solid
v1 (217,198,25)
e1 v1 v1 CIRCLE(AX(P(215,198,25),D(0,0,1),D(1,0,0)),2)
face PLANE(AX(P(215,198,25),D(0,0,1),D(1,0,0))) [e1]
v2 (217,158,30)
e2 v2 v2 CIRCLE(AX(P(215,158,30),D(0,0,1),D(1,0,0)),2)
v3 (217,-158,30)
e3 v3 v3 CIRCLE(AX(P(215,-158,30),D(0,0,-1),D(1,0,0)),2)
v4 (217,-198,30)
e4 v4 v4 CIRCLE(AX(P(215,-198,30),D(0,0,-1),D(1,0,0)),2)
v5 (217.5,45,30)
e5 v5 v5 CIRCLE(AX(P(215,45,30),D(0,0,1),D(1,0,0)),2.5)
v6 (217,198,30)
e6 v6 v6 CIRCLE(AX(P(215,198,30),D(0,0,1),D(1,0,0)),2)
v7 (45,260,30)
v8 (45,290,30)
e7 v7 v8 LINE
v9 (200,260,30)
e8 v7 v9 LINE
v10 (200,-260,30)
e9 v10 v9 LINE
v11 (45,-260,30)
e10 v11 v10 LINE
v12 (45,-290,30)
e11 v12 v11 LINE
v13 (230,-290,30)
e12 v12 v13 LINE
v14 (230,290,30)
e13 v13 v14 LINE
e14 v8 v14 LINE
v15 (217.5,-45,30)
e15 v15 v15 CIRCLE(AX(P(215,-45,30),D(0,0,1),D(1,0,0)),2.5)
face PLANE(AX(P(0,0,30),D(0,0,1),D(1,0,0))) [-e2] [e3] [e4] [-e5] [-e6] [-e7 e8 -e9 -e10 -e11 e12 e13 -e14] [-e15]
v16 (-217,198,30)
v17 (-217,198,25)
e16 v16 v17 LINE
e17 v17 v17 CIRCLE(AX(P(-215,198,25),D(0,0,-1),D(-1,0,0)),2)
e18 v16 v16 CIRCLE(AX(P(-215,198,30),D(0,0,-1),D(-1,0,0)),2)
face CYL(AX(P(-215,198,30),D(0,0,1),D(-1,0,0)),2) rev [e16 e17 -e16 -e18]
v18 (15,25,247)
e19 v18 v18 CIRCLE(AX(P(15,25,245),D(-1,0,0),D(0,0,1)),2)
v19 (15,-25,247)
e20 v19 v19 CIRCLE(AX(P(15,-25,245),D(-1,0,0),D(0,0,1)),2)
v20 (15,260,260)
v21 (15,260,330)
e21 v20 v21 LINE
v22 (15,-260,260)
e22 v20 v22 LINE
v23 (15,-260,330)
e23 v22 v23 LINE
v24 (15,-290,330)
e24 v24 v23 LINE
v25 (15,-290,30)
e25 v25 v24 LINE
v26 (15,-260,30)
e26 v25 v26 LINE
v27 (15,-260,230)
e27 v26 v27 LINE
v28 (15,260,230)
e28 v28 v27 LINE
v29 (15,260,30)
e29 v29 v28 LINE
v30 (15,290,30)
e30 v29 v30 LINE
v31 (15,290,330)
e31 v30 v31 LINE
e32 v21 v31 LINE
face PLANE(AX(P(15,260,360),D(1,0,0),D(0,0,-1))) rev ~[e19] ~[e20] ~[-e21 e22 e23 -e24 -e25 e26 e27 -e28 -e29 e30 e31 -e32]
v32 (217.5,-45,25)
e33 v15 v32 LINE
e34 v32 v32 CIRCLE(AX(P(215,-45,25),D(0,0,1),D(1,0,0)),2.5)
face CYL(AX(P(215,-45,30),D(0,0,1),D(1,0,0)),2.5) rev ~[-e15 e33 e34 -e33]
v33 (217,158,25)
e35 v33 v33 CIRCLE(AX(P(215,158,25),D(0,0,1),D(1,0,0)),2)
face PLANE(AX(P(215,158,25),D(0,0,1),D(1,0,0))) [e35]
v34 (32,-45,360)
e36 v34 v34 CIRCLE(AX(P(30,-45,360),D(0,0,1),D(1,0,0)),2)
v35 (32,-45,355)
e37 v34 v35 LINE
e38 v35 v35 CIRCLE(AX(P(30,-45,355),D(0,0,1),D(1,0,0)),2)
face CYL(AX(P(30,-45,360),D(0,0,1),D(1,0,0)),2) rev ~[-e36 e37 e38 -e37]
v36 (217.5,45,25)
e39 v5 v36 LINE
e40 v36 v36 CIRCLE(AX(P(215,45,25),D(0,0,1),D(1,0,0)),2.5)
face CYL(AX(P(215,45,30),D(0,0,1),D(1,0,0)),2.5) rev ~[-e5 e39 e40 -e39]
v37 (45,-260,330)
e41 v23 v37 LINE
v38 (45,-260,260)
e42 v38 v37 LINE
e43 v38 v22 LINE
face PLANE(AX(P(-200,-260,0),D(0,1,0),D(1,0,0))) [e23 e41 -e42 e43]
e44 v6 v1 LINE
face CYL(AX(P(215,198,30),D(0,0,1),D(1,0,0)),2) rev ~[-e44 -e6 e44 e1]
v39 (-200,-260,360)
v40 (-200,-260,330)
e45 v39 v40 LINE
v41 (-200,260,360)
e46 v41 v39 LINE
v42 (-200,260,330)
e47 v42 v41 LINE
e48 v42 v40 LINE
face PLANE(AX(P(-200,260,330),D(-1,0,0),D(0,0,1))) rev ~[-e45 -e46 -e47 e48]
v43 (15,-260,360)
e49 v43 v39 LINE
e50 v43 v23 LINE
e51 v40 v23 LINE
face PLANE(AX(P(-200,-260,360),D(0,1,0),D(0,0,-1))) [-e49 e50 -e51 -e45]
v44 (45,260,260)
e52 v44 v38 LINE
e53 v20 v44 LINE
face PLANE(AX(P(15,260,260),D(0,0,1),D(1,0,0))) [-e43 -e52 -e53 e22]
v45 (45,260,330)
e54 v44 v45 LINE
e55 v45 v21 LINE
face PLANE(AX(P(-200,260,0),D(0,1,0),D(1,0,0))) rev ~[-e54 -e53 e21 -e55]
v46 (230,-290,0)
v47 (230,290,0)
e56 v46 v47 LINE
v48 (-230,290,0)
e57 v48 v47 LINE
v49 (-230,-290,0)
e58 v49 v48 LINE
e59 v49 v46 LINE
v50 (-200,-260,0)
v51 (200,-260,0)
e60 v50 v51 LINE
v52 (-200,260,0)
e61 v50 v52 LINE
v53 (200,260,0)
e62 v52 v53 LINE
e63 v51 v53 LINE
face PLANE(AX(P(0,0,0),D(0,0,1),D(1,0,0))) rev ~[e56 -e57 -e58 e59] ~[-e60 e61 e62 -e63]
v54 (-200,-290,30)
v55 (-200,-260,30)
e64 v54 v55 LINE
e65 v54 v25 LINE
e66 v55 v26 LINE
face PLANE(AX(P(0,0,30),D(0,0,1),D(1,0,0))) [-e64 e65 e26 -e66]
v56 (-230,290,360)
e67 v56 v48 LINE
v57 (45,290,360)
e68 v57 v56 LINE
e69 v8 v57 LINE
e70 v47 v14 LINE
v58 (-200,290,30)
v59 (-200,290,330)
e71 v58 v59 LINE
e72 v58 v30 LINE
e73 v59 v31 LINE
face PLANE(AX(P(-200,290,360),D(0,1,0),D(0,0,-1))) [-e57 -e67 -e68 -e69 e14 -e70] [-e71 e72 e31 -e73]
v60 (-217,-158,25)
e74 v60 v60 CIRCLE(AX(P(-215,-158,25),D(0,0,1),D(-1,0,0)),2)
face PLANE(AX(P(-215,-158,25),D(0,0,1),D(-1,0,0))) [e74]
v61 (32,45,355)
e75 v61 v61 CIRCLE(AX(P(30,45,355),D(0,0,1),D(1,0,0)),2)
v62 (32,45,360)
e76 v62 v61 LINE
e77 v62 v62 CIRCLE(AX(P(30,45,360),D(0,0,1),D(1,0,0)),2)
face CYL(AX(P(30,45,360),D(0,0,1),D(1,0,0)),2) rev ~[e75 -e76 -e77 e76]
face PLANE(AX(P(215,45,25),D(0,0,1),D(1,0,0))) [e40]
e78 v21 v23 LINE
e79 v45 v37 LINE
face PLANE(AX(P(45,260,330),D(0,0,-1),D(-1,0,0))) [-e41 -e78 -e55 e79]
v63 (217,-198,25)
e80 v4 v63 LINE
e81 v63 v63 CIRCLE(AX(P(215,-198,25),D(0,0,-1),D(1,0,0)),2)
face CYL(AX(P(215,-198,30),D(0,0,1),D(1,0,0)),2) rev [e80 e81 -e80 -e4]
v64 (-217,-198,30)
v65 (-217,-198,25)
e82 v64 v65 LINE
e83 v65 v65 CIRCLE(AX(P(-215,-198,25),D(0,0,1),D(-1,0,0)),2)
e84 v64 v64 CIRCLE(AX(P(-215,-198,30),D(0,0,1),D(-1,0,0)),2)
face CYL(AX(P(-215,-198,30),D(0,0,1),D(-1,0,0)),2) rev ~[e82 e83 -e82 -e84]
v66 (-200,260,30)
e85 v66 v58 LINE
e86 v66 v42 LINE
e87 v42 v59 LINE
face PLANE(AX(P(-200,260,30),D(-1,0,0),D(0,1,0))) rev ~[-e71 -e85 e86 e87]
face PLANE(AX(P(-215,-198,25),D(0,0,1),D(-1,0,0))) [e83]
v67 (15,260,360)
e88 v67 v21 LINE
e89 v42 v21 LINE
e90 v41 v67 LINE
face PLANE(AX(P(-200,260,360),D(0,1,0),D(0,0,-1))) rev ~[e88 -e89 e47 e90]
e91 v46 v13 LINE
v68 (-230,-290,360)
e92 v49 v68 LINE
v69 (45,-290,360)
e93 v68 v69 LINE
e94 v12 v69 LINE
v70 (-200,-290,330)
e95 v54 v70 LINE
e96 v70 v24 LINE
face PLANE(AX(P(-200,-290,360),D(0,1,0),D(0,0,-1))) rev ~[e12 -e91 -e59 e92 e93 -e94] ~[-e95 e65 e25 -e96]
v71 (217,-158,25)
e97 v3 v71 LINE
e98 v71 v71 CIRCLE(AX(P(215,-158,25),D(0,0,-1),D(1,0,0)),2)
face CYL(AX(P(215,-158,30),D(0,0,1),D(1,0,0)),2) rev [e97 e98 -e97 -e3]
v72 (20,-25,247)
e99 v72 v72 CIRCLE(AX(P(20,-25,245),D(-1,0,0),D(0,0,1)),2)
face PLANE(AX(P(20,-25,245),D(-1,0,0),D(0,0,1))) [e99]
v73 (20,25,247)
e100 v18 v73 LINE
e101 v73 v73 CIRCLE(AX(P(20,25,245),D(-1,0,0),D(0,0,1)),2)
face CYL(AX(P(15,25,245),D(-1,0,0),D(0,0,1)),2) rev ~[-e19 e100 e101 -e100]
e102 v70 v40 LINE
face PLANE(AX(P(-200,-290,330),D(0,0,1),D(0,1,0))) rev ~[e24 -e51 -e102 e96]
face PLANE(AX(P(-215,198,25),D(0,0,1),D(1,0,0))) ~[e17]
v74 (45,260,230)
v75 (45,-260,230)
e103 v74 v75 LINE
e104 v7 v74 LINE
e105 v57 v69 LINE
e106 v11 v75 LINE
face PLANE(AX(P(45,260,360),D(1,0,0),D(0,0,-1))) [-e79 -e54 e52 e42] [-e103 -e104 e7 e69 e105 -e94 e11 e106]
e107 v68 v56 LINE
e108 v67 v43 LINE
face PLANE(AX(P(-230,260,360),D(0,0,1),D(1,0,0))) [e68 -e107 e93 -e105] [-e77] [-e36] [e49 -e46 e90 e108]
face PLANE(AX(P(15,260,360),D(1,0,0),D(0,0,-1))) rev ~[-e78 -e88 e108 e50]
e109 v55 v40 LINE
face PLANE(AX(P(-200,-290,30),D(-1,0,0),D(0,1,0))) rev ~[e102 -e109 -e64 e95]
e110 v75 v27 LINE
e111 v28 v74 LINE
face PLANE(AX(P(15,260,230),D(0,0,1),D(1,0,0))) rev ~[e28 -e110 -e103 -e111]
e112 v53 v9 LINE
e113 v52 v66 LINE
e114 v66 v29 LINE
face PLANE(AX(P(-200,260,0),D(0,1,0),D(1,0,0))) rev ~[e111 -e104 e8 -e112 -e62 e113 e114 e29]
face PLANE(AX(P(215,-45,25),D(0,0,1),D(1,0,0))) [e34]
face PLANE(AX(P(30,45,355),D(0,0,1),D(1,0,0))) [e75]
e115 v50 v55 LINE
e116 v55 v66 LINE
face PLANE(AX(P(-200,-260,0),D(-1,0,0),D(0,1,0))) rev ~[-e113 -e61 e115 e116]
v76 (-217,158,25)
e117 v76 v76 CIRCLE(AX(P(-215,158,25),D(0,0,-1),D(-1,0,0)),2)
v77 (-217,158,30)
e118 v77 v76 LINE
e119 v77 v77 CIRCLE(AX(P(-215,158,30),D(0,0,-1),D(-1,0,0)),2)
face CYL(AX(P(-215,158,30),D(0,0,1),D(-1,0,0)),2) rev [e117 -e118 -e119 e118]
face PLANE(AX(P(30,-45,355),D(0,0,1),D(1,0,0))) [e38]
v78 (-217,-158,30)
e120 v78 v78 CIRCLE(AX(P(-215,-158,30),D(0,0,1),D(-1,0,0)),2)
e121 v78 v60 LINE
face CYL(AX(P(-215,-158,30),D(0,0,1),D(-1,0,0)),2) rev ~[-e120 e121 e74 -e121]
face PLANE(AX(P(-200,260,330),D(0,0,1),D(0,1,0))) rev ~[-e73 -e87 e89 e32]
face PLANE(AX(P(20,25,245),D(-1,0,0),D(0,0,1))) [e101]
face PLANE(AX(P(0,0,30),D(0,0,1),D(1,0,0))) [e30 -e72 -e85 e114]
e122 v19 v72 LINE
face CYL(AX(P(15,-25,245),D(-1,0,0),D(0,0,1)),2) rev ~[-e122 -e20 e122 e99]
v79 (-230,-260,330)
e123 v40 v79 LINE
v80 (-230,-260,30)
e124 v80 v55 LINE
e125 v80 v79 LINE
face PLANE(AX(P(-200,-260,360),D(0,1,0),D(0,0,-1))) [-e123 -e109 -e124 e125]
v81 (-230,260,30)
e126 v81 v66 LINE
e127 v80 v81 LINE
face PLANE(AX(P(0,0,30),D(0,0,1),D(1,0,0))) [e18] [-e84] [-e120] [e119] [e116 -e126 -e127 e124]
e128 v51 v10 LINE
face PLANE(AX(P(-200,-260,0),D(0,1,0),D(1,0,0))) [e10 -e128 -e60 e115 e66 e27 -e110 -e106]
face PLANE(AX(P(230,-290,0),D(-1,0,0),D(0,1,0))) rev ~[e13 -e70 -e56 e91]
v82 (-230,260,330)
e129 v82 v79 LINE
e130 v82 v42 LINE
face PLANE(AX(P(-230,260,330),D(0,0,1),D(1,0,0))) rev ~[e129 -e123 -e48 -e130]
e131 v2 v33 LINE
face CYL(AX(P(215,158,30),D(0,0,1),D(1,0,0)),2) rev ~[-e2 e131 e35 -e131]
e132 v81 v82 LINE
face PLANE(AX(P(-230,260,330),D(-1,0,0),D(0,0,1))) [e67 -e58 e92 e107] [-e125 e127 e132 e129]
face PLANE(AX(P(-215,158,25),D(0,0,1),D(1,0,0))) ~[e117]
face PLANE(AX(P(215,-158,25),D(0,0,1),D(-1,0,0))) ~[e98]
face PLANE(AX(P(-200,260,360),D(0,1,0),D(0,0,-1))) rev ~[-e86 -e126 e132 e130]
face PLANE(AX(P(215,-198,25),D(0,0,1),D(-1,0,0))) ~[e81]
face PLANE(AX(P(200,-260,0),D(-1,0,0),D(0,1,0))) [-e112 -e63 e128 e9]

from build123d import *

# Parameters (mm, degrees)
SZKIC1_W                    = 460
SZKIC1_H                    = 580
SZKIC1_W_2                  = 400
SZKIC1_H_2                  = 520
DODANIE_WYCI_GNI_CIE1_DEPTH = 30
SZKIC4_R                    = 2.5
WYTNIJ_WYCI_GNI_CIE2_DEPTH  = 5
SZKIC5_W                    = 30
SZKIC5_H                    = 30
DODANIE_WYCI_GNI_CIE3_DEPTH = 330
DODANIE_WYCI_GNI_CIE4_REACH = 698.419
SZKIC6_W                    = 30
SZKIC6_H                    = 30
DODANIE_WYCI_GNI_CIE5_REACH = 698.419
SZKIC7_W                    = 30
SZKIC7_H                    = 30
SZKIC8_W                    = 30
SZKIC8_H                    = 30
DODANIE_WYCI_GNI_CIE6_DEPTH = 330
DODANIE_WYCI_GNI_CIE7_REACH = 633.348
SZKIC9_W                    = 30
SZKIC9_H                    = 30
DODANIE_WYCI_GNI_CIE8_REACH = 698.419
SZKIC10_W                   = 30
SZKIC10_H                   = 30
SZKIC11_R                   = 2
WYTNIJ_WYCI_GNI_CIE3_DEPTH  = 5
SZKIC12_R                   = 2
WYTNIJ_WYCI_GNI_CIE4_DEPTH  = 5
SZKIC2_R                    = 2
WYTNIJ_WYCI_GNI_CIE5_DEPTH  = 5
LUSTRO2_COPY_1_SKETCH_R     = 2
LUSTRO2_COPY_1_DEPTH        = 5


with BuildPart() as part:
    # Szkic1 → Dodanie-wyciągnięcie1 (new body)
    with BuildSketch(Plane.XY):
        Rectangle(SZKIC1_W, SZKIC1_H)
        Rectangle(SZKIC1_W_2, SZKIC1_H_2, mode=Mode.SUBTRACT)
    extrude(amount=DODANIE_WYCI_GNI_CIE1_DEPTH)

    # Szkic4 → Wytnij-wyciągnięcie2 (cut)
    with BuildSketch(Plane.XY.offset(30)):
        with Locations((215, 45)):
            Circle(SZKIC4_R)
        with Locations((215, -45)):
            Circle(SZKIC4_R)
    extrude(amount=-WYTNIJ_WYCI_GNI_CIE2_DEPTH, mode=Mode.SUBTRACT)

    # Szkic5 → Dodanie-wyciągnięcie3 (add)
    with BuildSketch(Plane.XY.offset(30)):
        with Locations((30, -275)):
            Rectangle(SZKIC5_W, SZKIC5_H)
        with Locations((30, 275)):
            Rectangle(SZKIC5_W, SZKIC5_H)
    extrude(amount=DODANIE_WYCI_GNI_CIE3_DEPTH)

    # Szkic6 → Dodanie-wyciągnięcie4 (add, up to next)
    with BuildSketch(Plane.XZ.offset(-260), mode=Mode.PRIVATE) as dodanie_wyci_gni_cie4_sk1:
        with Locations((30, 245)):
            Rectangle(SZKIC6_W, SZKIC6_H)
    dodanie_wyci_gni_cie4_tool1 = extrude(dodanie_wyci_gni_cie4_sk1.sketch, amount=DODANIE_WYCI_GNI_CIE4_REACH, mode=Mode.PRIVATE) - part.part
    add(dodanie_wyci_gni_cie4_tool1.solids().sort_by_distance((30, 260, 245))[0])

    # Szkic7 → Dodanie-wyciągnięcie5 (add, up to next)
    with BuildSketch(Plane(origin=(0, 260, 0), x_dir=(-1, 0, 0), z_dir=(0, -1, 0)), mode=Mode.PRIVATE) as dodanie_wyci_gni_cie5_sk1:
        with Locations((-30, -345)):
            Rectangle(SZKIC7_W, SZKIC7_H)
    dodanie_wyci_gni_cie5_tool1 = extrude(dodanie_wyci_gni_cie5_sk1.sketch, amount=DODANIE_WYCI_GNI_CIE5_REACH, mode=Mode.PRIVATE) - part.part
    add(dodanie_wyci_gni_cie5_tool1.solids().sort_by_distance((30, 260, 345))[0])

    # Szkic8 → Dodanie-wyciągnięcie6 (add)
    with BuildSketch(Plane.XY.offset(30)):
        with Locations((-215, 275)):
            Rectangle(SZKIC8_W, SZKIC8_H)
        with Locations((-215, -275)):
            Rectangle(SZKIC8_W, SZKIC8_H)
    extrude(amount=DODANIE_WYCI_GNI_CIE6_DEPTH)

    # Szkic9 → Dodanie-wyciągnięcie7 (add, up to next)
    with BuildSketch(Plane(origin=(-200, 0, 0), x_dir=(0, 0, -1), z_dir=(1, 0, 0)), mode=Mode.PRIVATE) as dodanie_wyci_gni_cie7_sk1:
        with Locations((-345, 275)):
            Rectangle(SZKIC9_W, SZKIC9_H)
    dodanie_wyci_gni_cie7_tool1 = extrude(dodanie_wyci_gni_cie7_sk1.sketch, amount=DODANIE_WYCI_GNI_CIE7_REACH, mode=Mode.PRIVATE) - part.part
    # Szkic9 → Dodanie-wyciągnięcie7 (add, up to next)
    with BuildSketch(Plane(origin=(-200, 0, 0), x_dir=(0, 0, -1), z_dir=(1, 0, 0)), mode=Mode.PRIVATE) as dodanie_wyci_gni_cie7_sk2:
        with Locations((-345, -275)):
            Rectangle(SZKIC9_W, SZKIC9_H)
    dodanie_wyci_gni_cie7_tool2 = extrude(dodanie_wyci_gni_cie7_sk2.sketch, amount=DODANIE_WYCI_GNI_CIE7_REACH, mode=Mode.PRIVATE) - part.part
    add(dodanie_wyci_gni_cie7_tool1.solids().sort_by_distance((-200, 275, 345))[0])
    add(dodanie_wyci_gni_cie7_tool2.solids().sort_by_distance((-200, -275, 345))[0])

    # Szkic10 → Dodanie-wyciągnięcie8 (add, up to next)
    with BuildSketch(Plane.XZ.offset(-260), mode=Mode.PRIVATE) as dodanie_wyci_gni_cie8_sk1:
        with Locations((-215, 345)):
            Rectangle(SZKIC10_W, SZKIC10_H)
    dodanie_wyci_gni_cie8_tool1 = extrude(dodanie_wyci_gni_cie8_sk1.sketch, amount=DODANIE_WYCI_GNI_CIE8_REACH, mode=Mode.PRIVATE) - part.part
    add(dodanie_wyci_gni_cie8_tool1.solids().sort_by_distance((-215, 260, 345))[0])

    # Szkic11 → Wytnij-wyciągnięcie3 (cut)
    with BuildSketch(Plane.ZY.offset(-15)):
        with Locations((245, 25)):
            Circle(SZKIC11_R)
        with Locations((245, -25)):
            Circle(SZKIC11_R)
    extrude(amount=-WYTNIJ_WYCI_GNI_CIE3_DEPTH, mode=Mode.SUBTRACT)

    # Szkic12 → Wytnij-wyciągnięcie4 (cut)
    with BuildSketch(Plane.XY.offset(360)):
        with Locations((30, -45)):
            Circle(SZKIC12_R)
        with Locations((30, 45)):
            Circle(SZKIC12_R)
    extrude(amount=-WYTNIJ_WYCI_GNI_CIE4_DEPTH, mode=Mode.SUBTRACT)

    # Szkic2 → Wytnij-wyciągnięcie5 (cut)
    with BuildSketch(Plane.XY.offset(30)):
        with Locations((215, 198)):
            Circle(SZKIC2_R)
        with Locations((215, 158)):
            Circle(SZKIC2_R)
    wytnij_wyci_gni_cie5 = extrude(amount=-WYTNIJ_WYCI_GNI_CIE5_DEPTH, mode=Mode.SUBTRACT)

    # Lustro1: Wytnij-wyciągnięcie5 across plane
    add(wytnij_wyci_gni_cie5.mirror(Plane(origin=(0, 0, 0), x_dir=(0, 0, 1), z_dir=(1, 0, 0))), mode=Mode.SUBTRACT)

    # Lustro2: Wytnij-wyciągnięcie5 across plane
    add(wytnij_wyci_gni_cie5.mirror(Plane.ZX), mode=Mode.SUBTRACT)

    # Lustro2 copy 1 sketch → Lustro2 copy 1 (cut)
    with BuildSketch(Plane(origin=(0, 0, 30), x_dir=(-1, 0, 0), z_dir=(0, 0, 1))):
        with Locations((215, 198)):
            Circle(LUSTRO2_COPY_1_SKETCH_R)
        with Locations((215, 158)):
            Circle(LUSTRO2_COPY_1_SKETCH_R)
    extrude(amount=-LUSTRO2_COPY_1_DEPTH, mode=Mode.SUBTRACT)


solid = part.part
